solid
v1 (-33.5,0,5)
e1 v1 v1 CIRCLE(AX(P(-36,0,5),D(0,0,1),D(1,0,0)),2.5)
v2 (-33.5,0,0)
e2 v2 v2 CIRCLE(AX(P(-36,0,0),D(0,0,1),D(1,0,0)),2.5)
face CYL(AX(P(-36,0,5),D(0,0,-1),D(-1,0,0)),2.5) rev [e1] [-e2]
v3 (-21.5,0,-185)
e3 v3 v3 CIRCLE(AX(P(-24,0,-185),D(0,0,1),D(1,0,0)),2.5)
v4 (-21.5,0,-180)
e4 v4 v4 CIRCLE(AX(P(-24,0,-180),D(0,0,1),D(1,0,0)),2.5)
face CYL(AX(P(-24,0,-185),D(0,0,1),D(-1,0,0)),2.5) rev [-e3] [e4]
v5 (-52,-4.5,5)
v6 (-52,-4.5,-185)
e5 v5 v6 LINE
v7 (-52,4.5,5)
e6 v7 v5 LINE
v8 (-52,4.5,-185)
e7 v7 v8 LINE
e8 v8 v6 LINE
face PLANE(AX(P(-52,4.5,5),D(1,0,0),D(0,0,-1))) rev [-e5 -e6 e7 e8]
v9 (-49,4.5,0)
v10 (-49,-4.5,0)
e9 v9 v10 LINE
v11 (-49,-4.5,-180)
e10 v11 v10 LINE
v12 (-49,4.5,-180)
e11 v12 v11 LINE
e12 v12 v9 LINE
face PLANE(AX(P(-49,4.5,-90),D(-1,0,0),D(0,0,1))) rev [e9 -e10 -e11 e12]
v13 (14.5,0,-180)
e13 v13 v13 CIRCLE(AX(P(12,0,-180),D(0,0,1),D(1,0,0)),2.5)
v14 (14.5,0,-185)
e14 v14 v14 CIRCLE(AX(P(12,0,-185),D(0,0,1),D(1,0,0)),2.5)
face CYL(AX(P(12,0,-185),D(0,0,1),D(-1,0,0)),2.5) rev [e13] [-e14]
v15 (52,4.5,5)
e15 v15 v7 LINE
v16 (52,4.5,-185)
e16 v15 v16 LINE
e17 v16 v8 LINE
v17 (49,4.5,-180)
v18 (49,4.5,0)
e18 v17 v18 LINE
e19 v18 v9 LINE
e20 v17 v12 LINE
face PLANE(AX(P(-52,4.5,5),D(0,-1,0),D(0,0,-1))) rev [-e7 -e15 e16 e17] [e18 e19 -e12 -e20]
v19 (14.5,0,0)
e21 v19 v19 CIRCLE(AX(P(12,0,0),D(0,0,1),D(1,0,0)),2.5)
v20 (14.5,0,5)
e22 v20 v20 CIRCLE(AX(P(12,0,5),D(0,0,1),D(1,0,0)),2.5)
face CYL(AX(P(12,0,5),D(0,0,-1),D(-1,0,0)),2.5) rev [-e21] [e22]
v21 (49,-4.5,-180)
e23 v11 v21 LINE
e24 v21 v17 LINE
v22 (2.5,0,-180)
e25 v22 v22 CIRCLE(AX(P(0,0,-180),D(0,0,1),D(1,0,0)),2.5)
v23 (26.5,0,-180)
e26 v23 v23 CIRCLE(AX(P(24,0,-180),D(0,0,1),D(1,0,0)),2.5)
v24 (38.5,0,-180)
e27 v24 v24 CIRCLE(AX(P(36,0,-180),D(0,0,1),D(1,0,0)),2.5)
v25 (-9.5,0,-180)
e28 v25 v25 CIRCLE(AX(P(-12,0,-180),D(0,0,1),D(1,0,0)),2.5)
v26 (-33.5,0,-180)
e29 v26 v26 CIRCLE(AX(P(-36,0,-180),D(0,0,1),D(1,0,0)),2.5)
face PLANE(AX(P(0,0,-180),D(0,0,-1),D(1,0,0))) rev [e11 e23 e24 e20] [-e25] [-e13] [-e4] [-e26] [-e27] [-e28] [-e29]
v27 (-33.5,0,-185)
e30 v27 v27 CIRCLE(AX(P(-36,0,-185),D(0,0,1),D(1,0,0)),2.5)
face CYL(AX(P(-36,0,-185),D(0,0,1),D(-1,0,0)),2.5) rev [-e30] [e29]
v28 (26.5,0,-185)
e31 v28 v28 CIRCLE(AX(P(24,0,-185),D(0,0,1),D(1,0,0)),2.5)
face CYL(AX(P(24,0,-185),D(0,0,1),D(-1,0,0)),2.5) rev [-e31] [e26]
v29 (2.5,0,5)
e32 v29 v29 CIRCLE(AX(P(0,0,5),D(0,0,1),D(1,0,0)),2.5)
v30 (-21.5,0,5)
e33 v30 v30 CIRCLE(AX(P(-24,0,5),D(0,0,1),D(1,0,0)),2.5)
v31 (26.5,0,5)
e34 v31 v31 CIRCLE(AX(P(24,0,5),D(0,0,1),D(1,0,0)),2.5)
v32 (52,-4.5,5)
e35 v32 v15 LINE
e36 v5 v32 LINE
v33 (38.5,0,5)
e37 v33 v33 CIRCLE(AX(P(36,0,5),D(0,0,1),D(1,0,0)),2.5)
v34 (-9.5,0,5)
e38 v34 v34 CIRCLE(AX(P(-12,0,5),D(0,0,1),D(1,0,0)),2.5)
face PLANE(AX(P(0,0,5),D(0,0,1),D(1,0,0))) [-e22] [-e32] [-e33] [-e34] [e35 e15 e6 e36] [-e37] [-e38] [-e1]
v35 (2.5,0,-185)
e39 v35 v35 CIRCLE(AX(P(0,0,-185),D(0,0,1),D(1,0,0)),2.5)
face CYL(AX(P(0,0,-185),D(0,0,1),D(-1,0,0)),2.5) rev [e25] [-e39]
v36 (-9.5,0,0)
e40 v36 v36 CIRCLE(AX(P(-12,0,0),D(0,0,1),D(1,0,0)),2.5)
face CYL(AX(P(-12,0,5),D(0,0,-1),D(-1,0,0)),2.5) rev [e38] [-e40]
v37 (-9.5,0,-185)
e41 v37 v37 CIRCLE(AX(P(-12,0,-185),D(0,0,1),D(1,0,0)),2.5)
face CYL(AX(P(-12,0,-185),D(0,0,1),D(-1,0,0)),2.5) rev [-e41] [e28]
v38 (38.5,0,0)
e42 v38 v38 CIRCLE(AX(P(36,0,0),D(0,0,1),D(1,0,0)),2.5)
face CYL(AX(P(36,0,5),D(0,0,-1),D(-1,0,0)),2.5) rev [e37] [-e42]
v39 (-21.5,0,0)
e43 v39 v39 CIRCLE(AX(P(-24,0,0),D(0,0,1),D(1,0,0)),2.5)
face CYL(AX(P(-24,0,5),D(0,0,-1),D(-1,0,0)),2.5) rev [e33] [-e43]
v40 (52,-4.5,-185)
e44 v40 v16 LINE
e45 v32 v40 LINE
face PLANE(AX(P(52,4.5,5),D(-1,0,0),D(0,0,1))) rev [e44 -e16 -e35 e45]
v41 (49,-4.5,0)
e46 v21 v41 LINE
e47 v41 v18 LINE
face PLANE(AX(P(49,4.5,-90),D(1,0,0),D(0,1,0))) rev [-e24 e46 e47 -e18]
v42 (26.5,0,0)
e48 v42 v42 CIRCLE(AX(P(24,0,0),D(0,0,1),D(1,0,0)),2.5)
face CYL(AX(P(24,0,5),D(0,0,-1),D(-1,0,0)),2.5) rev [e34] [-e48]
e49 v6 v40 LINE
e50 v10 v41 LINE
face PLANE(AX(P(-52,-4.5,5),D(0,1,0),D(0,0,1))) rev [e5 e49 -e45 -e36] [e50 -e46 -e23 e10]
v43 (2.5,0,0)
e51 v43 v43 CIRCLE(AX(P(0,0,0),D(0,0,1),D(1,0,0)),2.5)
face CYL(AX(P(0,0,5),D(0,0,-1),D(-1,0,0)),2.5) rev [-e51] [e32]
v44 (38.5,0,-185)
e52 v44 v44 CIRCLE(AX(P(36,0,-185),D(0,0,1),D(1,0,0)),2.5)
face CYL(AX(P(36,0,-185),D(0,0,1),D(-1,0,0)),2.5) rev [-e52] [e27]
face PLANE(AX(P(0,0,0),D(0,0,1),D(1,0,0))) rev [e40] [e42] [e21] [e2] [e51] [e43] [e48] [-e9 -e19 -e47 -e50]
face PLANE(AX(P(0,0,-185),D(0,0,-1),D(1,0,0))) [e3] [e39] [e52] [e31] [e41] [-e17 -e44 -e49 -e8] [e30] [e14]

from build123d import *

# Parameters (mm, degrees)
SKETCH_1_W      = 104
SKETCH_1_H      = 9
SKETCH_1_R      = 2.5
EXTRUDE_1_DEPTH = 5
SKETCH_2_W      = 3
SKETCH_2_H      = 9
EXTRUDE_2_DEPTH = 90


with BuildPart() as part:
    # 草圖1 → 填料-伸長1 (new body)
    with BuildSketch(Plane.XY):
        Rectangle(SKETCH_1_W, SKETCH_1_H)
        with Locations((-36, 0)):
            Circle(SKETCH_1_R, mode=Mode.SUBTRACT)
        with Locations((-24, 0)):
            Circle(SKETCH_1_R, mode=Mode.SUBTRACT)
        with Locations((-12, 0)):
            Circle(SKETCH_1_R, mode=Mode.SUBTRACT)
        Circle(SKETCH_1_R, mode=Mode.SUBTRACT)
        with Locations((12, 0)):
            Circle(SKETCH_1_R, mode=Mode.SUBTRACT)
        with Locations((24, 0)):
            Circle(SKETCH_1_R, mode=Mode.SUBTRACT)
        with Locations((36, 0)):
            Circle(SKETCH_1_R, mode=Mode.SUBTRACT)
    extrude_1 = extrude(amount=EXTRUDE_1_DEPTH)

    # 草圖2 → 填料-伸長2 (add)
    with BuildSketch(Plane(origin=(0, 0, 0), x_dir=(-1, 0, 0), z_dir=(0, 0, -1))):
        with Locations((-50.5, 0)):
            Rectangle(SKETCH_2_W, SKETCH_2_H)
        with Locations((50.5, 0)):
            Rectangle(SKETCH_2_W, SKETCH_2_H)
    extrude_2 = extrude(amount=EXTRUDE_2_DEPTH)

    # 鏡射4: 填料-伸長1, 填料-伸長2 across plane
    add(extrude_1.mirror(Plane(origin=(0, 0, -90), x_dir=(1, 0, 0), z_dir=(0, 0, -1))))
    add(extrude_2.mirror(Plane(origin=(0, 0, -90), x_dir=(1, 0, 0), z_dir=(0, 0, -1))))


solid = part.part
